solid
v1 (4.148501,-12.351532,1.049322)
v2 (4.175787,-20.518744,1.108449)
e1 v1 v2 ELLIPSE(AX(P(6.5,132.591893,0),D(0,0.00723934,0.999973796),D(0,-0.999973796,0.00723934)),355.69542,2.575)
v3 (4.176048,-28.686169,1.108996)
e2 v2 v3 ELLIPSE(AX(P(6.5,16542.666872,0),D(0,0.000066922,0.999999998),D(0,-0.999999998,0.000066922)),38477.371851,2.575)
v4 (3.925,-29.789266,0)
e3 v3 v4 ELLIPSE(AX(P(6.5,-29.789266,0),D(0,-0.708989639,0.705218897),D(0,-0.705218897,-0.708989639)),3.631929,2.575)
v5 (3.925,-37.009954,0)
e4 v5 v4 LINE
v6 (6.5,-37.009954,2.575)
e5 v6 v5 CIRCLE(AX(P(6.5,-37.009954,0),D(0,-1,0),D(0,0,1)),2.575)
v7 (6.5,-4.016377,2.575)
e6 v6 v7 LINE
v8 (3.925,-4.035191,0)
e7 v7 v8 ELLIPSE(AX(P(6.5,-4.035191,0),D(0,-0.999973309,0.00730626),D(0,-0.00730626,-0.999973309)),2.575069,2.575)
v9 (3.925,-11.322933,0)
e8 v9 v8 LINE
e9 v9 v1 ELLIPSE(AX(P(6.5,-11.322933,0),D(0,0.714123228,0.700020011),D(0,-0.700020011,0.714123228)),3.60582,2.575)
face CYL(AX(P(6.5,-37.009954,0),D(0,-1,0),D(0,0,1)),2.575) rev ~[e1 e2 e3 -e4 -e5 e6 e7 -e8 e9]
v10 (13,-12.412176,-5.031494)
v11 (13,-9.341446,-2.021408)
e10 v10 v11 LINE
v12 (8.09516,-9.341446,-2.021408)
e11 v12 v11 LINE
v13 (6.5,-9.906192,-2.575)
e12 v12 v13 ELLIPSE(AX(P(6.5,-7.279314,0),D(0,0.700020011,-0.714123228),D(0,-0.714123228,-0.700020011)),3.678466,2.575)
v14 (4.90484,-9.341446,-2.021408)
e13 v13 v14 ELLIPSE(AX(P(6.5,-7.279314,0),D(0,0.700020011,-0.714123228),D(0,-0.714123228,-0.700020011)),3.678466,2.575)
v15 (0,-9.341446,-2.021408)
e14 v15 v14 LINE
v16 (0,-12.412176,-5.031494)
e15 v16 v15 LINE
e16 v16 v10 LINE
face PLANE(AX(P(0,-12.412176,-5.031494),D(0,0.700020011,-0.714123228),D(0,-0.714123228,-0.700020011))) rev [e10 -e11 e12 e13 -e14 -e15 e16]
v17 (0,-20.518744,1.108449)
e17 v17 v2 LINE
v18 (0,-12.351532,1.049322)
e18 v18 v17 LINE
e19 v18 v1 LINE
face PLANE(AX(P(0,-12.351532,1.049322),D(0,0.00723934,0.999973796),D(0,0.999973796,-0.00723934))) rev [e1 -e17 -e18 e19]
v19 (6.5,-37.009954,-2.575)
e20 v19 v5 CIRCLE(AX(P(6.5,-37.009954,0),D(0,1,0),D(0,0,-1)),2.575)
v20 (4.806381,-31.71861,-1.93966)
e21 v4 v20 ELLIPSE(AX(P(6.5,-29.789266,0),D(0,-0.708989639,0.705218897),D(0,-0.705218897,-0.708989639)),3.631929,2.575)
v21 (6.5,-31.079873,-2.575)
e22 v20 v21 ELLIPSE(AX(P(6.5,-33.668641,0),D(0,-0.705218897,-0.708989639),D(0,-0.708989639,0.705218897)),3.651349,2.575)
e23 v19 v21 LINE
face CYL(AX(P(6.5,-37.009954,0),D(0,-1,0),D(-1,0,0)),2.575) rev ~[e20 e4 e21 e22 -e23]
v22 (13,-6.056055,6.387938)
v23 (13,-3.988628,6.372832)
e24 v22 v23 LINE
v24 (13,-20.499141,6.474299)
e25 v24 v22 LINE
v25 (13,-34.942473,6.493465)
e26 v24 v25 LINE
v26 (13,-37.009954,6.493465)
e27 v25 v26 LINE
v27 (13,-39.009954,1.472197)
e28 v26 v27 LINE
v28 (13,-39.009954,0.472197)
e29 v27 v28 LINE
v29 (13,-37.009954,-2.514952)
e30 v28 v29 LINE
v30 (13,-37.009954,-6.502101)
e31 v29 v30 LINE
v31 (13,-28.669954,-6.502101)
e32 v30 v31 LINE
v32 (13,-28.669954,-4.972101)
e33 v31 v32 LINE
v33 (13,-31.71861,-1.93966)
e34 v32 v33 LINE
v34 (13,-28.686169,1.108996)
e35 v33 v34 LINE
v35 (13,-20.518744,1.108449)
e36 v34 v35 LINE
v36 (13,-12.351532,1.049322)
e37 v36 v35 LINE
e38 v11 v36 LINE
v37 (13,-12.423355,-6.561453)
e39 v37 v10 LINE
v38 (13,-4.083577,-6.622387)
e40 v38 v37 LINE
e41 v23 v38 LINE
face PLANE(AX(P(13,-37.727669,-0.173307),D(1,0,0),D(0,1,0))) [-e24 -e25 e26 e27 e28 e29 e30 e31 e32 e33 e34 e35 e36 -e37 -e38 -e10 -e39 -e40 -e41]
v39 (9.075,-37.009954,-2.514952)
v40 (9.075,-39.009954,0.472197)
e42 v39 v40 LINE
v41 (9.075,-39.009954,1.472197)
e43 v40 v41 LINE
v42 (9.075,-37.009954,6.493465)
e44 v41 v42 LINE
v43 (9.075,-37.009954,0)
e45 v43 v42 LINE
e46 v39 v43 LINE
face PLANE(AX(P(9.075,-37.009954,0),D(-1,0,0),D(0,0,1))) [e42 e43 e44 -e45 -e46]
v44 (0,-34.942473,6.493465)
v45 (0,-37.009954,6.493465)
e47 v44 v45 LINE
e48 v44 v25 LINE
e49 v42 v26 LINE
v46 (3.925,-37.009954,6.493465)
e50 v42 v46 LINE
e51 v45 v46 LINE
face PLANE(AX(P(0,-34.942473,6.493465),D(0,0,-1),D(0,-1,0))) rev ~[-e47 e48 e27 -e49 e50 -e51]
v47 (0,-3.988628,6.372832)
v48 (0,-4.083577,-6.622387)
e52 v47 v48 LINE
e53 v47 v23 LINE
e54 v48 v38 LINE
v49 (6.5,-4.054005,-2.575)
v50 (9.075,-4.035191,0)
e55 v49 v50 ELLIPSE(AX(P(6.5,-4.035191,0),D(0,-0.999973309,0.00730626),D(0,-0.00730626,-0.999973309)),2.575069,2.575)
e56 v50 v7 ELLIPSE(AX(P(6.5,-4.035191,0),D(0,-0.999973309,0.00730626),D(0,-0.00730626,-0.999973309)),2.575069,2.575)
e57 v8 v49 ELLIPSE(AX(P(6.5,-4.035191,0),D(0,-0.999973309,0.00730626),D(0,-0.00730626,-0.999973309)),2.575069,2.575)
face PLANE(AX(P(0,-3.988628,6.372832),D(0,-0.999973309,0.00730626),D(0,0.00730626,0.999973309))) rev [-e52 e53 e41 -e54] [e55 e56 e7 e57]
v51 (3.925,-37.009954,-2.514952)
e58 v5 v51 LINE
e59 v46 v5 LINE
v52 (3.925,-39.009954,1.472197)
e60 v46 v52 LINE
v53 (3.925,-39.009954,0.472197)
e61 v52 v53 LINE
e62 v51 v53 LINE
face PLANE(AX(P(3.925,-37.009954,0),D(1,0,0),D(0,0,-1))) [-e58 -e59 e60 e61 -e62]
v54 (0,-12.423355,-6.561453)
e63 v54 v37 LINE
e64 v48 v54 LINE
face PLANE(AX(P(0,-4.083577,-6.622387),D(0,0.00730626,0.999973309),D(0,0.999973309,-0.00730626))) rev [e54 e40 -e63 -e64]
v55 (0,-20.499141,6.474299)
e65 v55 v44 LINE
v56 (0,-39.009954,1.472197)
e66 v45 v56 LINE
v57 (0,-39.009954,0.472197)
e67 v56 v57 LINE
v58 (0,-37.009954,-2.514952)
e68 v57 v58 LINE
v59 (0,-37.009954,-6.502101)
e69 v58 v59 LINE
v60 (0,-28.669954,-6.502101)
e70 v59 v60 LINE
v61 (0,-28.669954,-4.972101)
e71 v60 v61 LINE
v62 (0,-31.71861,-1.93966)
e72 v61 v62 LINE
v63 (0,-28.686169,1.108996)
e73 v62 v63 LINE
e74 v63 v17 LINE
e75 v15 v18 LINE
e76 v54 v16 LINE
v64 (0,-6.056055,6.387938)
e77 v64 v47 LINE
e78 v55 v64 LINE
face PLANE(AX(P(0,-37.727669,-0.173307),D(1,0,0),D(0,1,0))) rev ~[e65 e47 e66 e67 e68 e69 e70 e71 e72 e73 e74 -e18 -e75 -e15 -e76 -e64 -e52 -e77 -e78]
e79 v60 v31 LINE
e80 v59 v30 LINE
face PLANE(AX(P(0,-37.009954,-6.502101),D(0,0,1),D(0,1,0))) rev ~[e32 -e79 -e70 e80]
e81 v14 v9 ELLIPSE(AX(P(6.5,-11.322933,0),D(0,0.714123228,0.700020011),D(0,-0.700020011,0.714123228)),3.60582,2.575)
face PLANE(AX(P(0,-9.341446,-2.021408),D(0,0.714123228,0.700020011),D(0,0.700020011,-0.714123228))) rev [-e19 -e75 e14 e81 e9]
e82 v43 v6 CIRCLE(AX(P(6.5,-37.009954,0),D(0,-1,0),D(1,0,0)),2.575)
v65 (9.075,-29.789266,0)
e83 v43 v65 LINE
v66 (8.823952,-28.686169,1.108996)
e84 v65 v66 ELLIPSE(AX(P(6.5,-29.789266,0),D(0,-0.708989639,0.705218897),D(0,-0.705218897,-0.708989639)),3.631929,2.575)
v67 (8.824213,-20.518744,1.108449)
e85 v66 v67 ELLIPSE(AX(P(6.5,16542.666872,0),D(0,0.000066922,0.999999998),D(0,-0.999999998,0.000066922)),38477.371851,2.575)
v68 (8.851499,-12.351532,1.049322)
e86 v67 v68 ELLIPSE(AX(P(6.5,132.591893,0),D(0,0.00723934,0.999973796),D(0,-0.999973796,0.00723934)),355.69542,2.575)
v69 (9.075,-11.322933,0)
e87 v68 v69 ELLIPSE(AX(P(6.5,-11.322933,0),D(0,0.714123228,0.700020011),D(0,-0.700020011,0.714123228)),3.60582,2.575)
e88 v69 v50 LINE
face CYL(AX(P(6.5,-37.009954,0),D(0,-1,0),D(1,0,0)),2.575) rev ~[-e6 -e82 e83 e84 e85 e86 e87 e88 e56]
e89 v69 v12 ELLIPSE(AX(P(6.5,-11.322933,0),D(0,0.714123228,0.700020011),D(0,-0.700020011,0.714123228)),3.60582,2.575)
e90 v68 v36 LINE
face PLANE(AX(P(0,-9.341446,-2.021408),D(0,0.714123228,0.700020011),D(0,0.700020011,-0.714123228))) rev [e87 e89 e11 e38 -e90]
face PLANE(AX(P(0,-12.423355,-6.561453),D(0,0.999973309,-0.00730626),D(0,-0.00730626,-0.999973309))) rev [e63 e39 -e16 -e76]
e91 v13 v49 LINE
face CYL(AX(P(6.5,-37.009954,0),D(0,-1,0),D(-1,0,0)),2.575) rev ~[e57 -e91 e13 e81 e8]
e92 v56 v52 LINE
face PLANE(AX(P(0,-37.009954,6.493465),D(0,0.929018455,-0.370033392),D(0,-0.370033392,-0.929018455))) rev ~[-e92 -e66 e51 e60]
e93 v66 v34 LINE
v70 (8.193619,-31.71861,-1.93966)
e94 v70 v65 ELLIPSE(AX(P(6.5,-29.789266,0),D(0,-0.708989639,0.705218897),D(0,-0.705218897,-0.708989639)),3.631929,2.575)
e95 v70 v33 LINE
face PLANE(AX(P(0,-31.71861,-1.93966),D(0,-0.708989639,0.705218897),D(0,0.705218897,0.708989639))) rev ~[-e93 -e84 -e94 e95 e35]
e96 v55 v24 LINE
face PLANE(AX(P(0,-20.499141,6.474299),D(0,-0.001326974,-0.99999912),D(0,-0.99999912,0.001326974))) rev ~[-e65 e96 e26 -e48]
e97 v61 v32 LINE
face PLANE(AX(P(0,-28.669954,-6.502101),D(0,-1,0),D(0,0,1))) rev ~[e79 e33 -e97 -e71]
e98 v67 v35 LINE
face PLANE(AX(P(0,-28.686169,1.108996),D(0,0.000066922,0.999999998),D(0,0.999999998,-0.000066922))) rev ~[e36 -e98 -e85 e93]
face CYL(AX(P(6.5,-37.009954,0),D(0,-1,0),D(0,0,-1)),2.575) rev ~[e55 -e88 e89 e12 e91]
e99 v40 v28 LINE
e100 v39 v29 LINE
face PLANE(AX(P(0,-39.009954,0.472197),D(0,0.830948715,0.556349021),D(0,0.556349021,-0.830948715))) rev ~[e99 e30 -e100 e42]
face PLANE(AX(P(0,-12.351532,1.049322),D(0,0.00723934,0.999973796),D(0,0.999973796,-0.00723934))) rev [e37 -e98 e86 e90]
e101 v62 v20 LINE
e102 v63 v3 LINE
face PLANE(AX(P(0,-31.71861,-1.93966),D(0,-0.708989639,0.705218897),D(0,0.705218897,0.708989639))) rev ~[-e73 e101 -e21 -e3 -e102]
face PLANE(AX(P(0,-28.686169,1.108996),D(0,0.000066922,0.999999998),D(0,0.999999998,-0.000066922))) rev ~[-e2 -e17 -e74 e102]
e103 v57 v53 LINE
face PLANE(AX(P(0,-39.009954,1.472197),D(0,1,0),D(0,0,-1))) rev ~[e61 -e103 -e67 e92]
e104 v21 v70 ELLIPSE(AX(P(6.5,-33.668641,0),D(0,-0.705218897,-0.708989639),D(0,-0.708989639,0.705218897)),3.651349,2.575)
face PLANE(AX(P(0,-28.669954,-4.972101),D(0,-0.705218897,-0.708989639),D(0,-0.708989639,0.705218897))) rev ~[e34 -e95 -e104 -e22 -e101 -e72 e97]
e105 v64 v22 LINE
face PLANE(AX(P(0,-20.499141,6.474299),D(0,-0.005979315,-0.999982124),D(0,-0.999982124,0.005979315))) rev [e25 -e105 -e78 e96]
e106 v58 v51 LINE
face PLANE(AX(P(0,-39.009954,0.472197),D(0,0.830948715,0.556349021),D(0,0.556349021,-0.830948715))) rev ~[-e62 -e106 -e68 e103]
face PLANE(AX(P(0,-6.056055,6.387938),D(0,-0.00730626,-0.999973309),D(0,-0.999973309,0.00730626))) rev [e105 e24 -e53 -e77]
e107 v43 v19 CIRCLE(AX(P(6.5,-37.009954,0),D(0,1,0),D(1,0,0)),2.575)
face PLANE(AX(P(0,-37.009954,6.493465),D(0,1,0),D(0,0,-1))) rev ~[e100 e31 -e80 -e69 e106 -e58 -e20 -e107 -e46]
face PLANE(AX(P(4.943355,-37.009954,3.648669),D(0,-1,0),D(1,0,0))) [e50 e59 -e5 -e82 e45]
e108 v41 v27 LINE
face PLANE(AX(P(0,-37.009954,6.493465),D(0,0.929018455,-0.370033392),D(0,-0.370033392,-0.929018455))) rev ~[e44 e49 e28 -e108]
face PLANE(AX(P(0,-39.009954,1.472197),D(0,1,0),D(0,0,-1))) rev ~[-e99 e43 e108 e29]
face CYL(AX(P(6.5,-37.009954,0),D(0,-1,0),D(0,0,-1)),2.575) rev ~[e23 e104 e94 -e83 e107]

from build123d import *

# Parameters (mm, degrees)
F1_DEPTH = 13
F4_DEPTH = 34.5
F5_DEPTH = 13
F6_DEPTH = 15.6
F7_DEPTH = 5.01


with BuildPart() as f1:
    # F0 (on Right) → F1 (new body)
    with BuildSketch(Plane.YZ):
        Polygon((-37.0099544525, -6.5021011516), (-28.6699544525, -6.5021011516), (-28.6699544525, -4.9721011516), (-31.7186098982, -1.9396598952), (-28.6861686418, 1.1089955505), (-20.5187435475, 1.1084489664), (-20.4991411365, 6.4742991461), (-34.9424730613, 6.4934650898), (-37.0099544525, 1.4721968726), (-37.0099544525, -2.5149521395), align=None)
        Polygon((-37.0099544525, 6.4934650898), (-37.0099544525, 1.4721968726), (-34.9424730613, 6.4934650898), align=None)
    extrude(amount=F1_DEPTH)

    # F3: F1 across face


with BuildPart() as f1_1:
    add(f1.part)
    add(f1.part.mirror(Plane(origin=(6.5, -20.508942342, 3.7913740563), x_dir=(-1, 0, 0), z_dir=(0, 0.9999933272, -0.0036531546))))

    # F2 (on face) → F4 (cut)
    with BuildSketch(Plane.XZ.offset(37.0099544525)):
        with BuildLine():
            ThreePointArc((9.075, 0), (8.3207999616, 1.8207999616), (6.5, 2.575))
            Line((6.5, 2.575), (6.5, 0))
            Line((6.5, 0), (9.075, 0))
        make_face()
        with BuildLine():
            ThreePointArc((6.5, 2.575), (4.6792000384, 1.8207999616), (3.925, 0))
            Line((3.925, 0), (6.5, 0))
            Line((6.5, 0), (6.5, 2.575))
        make_face()
        with BuildLine():
            Line((6.5, 0), (3.925, 0))
            ThreePointArc((3.925, 0), (4.6792000384, -1.8207999616), (6.5, -2.575))
            Line((6.5, -2.575), (6.5, 0))
        make_face()
        with BuildLine():
            Line((6.5, 0), (6.5, -2.575))
            ThreePointArc((6.5, -2.575), (8.3207999616, -1.8207999616), (9.075, 0))
            Line((9.075, 0), (6.5, 0))
        make_face()
    extrude(amount=-F4_DEPTH, mode=Mode.SUBTRACT)

    # F0 (on Right) → F5 (join)
    with BuildSketch(Plane.YZ):
        Polygon((-39.0099544525, 0.4721968726), (-37.0099544525, -2.5149521395), (-37.0099544525, 1.4721968726), (-39.0099544525, 1.4721968726), align=None)
        Polygon((-39.0099544525, 1.4721968726), (-37.0099544525, 1.4721968726), (-37.0099544525, 6.4934650898), align=None)
    extrude(amount=F5_DEPTH)

    # F2 (on face) → F6 (cut)
    with BuildSketch(Plane.XZ.offset(37.0099544525)):
        with BuildLine():
            ThreePointArc((9.075, 0), (8.3207999616, 1.8207999616), (6.5, 2.575))
            Line((6.5, 2.575), (6.5, 0))
            Line((6.5, 0), (9.075, 0))
        make_face()
        with BuildLine():
            ThreePointArc((6.5, 2.575), (4.6792000384, 1.8207999616), (3.925, 0))
            Line((3.925, 0), (6.5, 0))
            Line((6.5, 0), (6.5, 2.575))
        make_face()
        with BuildLine():
            Line((6.5, 0), (3.925, 0))
            ThreePointArc((3.925, 0), (4.6792000384, -1.8207999616), (6.5, -2.575))
            Line((6.5, -2.575), (6.5, 0))
        make_face()
        with BuildLine():
            Line((6.5, 0), (6.5, -2.575))
            ThreePointArc((6.5, -2.575), (8.3207999616, -1.8207999616), (9.075, 0))
            Line((9.075, 0), (6.5, 0))
        make_face()
    extrude(amount=F6_DEPTH, mode=Mode.SUBTRACT)

    # F2 (on face) → F7 (cut)
    with BuildSketch(Plane.XZ.offset(37.0099544525)):
        with BuildLine():
            Line((6.5, 6.4934650898), (3.925, 6.4934650898))
            Line((3.925, 6.4934650898), (3.925, 0))
            ThreePointArc((3.925, 0), (4.6792000384, 1.8207999616), (6.5, 2.575))
            Line((6.5, 2.575), (6.5, 6.4934650898))
        make_face()
        with BuildLine():
            Line((9.075, 6.4934650898), (6.5, 6.4934650898))
            Line((6.5, 6.4934650898), (6.5, 2.575))
            ThreePointArc((6.5, 2.575), (8.3207999616, 1.8207999616), (9.075, 0))
            Line((9.075, 0), (9.075, 6.4934650898))
        make_face()
        with BuildLine():
            ThreePointArc((9.075, 0), (8.3207999616, -1.8207999616), (6.5, -2.575))
            Line((6.5, -2.575), (6.5, -6.5021011516))
            Line((6.5, -6.5021011516), (9.075, -6.5021011516))
            Line((9.075, -6.5021011516), (9.075, 0))
        make_face()
        with BuildLine():
            ThreePointArc((6.5, -2.575), (4.6792000384, -1.8207999616), (3.925, 0))
            Line((3.925, 0), (3.925, -6.5021011516))
            Line((3.925, -6.5021011516), (6.5, -6.5021011516))
            Line((6.5, -6.5021011516), (6.5, -2.575))
        make_face()
    extrude(amount=F7_DEPTH, mode=Mode.SUBTRACT)


solid = f1_1.part
